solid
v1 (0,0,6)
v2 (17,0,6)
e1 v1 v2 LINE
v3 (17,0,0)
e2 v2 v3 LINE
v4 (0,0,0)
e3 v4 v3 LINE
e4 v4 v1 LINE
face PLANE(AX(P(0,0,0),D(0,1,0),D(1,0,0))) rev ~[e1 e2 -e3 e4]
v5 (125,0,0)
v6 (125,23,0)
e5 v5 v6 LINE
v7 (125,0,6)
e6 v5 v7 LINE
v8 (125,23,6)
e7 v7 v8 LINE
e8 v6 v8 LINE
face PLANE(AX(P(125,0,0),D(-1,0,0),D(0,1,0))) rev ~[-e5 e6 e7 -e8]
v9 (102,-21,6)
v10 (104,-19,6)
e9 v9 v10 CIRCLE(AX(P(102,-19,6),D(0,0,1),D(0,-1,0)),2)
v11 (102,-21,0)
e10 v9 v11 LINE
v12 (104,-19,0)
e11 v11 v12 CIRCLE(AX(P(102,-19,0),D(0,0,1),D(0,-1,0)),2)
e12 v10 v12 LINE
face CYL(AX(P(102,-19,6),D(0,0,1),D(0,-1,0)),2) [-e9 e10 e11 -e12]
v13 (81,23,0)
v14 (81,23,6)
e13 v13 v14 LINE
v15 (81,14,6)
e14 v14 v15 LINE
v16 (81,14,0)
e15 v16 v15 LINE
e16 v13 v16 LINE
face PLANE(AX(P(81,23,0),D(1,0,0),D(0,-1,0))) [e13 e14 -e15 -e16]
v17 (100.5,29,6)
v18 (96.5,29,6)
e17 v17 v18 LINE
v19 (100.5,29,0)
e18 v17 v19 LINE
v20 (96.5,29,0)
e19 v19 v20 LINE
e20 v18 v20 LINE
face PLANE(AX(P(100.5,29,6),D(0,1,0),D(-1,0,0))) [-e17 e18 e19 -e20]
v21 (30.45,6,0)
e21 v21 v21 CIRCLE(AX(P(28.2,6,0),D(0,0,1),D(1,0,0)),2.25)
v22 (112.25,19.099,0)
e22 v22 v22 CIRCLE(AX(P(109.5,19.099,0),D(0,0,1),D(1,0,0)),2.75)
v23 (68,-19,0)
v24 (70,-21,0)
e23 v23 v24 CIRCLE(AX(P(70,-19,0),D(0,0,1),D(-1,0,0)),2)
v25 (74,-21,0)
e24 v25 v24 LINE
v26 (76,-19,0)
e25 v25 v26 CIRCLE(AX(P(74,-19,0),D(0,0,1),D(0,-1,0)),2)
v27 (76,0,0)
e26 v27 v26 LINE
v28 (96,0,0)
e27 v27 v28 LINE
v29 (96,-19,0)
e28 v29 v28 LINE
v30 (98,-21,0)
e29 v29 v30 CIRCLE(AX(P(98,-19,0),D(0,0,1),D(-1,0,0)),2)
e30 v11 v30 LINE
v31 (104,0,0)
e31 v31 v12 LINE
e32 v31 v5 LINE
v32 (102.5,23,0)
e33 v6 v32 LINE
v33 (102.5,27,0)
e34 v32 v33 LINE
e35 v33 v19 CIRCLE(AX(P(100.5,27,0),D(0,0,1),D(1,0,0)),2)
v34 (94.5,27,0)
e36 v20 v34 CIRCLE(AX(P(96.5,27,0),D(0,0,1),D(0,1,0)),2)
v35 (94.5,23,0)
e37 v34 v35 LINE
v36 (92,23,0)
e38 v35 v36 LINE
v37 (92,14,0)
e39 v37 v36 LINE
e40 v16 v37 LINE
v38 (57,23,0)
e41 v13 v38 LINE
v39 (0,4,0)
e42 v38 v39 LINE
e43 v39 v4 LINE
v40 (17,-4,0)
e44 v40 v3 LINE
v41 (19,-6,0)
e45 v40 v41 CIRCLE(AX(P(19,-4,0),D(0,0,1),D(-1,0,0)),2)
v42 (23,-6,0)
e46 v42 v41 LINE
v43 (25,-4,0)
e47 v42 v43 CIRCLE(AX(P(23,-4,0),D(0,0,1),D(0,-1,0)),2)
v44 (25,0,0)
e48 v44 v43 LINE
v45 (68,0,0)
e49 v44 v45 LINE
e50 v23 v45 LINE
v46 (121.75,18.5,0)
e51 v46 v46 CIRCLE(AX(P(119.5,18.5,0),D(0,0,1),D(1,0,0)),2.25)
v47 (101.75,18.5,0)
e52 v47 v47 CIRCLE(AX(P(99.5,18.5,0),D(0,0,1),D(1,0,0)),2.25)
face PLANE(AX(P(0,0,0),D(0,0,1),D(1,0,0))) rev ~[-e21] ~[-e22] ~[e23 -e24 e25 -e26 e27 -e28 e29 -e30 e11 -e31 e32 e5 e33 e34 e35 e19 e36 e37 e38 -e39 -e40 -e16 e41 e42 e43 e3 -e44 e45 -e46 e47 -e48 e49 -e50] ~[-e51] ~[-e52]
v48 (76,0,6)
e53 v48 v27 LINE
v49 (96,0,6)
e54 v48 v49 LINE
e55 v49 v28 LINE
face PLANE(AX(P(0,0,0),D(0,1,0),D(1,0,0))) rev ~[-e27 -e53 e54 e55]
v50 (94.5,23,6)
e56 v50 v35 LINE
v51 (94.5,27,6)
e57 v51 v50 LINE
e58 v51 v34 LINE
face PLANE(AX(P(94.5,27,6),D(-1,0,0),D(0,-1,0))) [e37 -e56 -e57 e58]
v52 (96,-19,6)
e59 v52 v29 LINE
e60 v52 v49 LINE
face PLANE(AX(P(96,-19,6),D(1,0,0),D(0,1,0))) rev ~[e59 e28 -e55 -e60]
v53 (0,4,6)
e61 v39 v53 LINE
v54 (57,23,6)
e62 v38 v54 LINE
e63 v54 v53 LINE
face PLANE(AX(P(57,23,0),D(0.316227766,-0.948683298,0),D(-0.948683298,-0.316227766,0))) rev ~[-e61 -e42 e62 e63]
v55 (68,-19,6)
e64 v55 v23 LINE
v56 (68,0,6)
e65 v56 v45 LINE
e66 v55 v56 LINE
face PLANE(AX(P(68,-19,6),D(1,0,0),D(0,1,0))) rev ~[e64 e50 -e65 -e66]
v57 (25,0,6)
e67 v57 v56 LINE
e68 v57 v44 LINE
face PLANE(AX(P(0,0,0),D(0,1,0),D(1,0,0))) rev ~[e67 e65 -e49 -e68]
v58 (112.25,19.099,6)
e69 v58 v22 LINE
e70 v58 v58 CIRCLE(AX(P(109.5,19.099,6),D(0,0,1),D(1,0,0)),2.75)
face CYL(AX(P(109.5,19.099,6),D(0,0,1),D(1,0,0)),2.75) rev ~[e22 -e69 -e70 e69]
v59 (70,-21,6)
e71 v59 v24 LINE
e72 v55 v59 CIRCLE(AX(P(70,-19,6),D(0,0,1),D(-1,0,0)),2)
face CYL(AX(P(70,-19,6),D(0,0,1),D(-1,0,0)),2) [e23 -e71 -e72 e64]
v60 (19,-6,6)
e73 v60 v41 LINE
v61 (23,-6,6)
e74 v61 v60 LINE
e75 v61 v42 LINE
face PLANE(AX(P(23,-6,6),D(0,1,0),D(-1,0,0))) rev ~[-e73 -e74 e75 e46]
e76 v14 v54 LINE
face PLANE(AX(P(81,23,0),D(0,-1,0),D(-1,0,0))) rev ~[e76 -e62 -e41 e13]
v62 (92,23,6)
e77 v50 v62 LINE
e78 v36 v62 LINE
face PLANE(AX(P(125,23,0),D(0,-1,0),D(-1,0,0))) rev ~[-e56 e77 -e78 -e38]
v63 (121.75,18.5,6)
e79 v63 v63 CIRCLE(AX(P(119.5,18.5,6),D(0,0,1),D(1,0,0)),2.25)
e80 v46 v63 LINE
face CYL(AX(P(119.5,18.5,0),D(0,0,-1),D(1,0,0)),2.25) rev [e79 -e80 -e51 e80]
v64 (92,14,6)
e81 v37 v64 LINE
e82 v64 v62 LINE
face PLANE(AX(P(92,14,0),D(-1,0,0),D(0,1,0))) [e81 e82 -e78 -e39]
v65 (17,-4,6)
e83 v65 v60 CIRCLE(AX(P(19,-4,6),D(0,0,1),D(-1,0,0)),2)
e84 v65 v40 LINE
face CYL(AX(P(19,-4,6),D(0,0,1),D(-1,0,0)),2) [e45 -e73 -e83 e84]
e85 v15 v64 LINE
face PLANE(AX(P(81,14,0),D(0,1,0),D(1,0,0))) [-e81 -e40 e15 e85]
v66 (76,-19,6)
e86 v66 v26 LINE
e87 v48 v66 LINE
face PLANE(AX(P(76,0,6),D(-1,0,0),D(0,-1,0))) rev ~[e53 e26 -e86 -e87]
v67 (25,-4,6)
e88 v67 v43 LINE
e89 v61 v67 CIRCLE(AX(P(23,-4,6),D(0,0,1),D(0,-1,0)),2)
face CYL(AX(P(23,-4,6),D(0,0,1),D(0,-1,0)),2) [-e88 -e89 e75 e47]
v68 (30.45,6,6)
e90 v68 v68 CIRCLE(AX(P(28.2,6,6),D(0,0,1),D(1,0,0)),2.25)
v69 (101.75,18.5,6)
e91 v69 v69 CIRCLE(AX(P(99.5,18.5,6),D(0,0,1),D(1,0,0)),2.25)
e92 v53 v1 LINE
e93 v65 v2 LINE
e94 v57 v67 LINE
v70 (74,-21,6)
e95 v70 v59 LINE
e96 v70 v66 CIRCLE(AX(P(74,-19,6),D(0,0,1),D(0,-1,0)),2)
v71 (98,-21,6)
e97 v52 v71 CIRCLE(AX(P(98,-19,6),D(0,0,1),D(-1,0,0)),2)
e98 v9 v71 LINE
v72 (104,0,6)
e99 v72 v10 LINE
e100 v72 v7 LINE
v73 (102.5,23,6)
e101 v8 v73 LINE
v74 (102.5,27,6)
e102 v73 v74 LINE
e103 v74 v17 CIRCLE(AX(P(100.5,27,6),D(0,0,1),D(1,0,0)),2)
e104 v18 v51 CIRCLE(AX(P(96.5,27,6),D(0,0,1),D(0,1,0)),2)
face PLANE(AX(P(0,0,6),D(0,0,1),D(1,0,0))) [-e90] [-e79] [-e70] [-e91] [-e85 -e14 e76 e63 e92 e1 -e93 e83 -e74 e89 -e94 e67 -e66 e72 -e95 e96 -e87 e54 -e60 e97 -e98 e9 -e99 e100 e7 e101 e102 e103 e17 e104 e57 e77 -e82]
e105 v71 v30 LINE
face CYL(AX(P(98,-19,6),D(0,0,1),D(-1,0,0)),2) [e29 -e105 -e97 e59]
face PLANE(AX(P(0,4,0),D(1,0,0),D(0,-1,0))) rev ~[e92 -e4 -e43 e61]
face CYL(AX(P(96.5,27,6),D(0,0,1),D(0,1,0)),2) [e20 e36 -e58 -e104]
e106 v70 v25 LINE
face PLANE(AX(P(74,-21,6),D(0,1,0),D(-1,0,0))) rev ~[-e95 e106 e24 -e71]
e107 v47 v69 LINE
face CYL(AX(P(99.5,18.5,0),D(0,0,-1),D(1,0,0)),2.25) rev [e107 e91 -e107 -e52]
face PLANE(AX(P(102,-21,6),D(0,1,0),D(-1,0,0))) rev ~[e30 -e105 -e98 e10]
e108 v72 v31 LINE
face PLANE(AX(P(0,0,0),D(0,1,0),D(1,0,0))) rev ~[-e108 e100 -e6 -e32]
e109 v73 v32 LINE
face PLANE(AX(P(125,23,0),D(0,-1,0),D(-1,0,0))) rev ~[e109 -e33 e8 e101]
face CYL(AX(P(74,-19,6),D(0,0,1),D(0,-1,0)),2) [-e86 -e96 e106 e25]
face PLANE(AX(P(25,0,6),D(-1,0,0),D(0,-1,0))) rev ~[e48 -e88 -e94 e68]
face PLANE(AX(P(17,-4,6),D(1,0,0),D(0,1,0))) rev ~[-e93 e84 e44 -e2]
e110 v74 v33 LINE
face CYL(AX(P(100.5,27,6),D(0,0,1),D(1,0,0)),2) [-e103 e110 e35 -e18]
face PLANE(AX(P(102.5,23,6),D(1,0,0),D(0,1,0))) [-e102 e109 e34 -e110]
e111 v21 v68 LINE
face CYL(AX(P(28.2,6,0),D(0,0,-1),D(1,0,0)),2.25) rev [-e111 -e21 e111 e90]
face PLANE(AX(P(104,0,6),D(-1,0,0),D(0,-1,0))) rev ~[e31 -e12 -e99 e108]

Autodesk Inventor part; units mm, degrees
ref_plane "YZ Plane" through (0, 0, 0) normal (1, 0, 0) x (0, 1, 0)
ref_plane "XZ Plane" through (0, 0, 0) normal (0, 1, 0) x (-1, 0, 0)
ref_plane "XY Plane" through (0, 0, 0) normal (0, 0, 1) x (1, 0, 0)
sketch "Sketch1" plane through (0, 0, 0) normal (0, 0, 1) x (1, 0, 0)
  line L0 (0, 4) -> (0, 0)
  line L1 (0, 0) -> (125, 0)
  line L2 (125, 0) -> (125, 23)
  line L3 (57, 23) -> (0, 4)
  line L4 (81, 23) -> (81, 14)
  line L5 (81, 14) -> (92, 14)
  line L6 (92, 14) -> (92, 23)
  line L7 (125, 23) -> (92, 23)
  line L8 (81, 23) -> (57, 23)
  circle A0 centre (99.5, 18.5) radius 2.25
  circle A1 centre (119.5, 18.5) radius 2.25
  circle A2 centre (28.2, 6) radius 2.25
  circle A3 centre (28.2, 6) radius 4.5 construction
  point P0 (92, 18.5)
  dimension "d0" = 4
  dimension "d1" = 125
  dimension "d2" = 9
  dimension "d3" = 11
  dimension "d4" = 33
  dimension "d5" = 24
  dimension "d6" = 23
  dimension "d7" = 4.5
  dimension "d8" = 4.5
  dimension "d9" = 5.5
  dimension "d10" = 20
  dimension "d11" = 4.5
  dimension "d12" = 9
  dimension "d13" = 6
  dimension "d14" = 28.2
extrude "Extrusion1" add sketch "Sketch1" along normal blind 6
sketch "Sketch2" plane through (0, 0, 6) normal (0, 0, 1) x (1, 0, 0)
  line L0 (0, 0) -> (125, 0) projected
  line L1 (125, 0) -> (125, 23) projected
  line L2 (125, 23) -> (92, 23) projected
  line L3 (17, 0) -> (25, 0)
  line L4 (25, 0) -> (25, -4)
  line L5 (23, -6) -> (19, -6)
  line L6 (17, -4) -> (17, 0)
  line L7 (96, 0) -> (104, 0)
  line L8 (104, 0) -> (104, -19)
  line L9 (102, -21) -> (98, -21)
  line L10 (96, -19) -> (96, 0)
  line L11 (68, 0) -> (76, 0)
  line L12 (76, 0) -> (76, -19)
  line L13 (74, -21) -> (70, -21)
  line L14 (68, -19) -> (68, 0)
  line L15 (94.5, 23) -> (102.5, 23)
  line L16 (102.5, 23) -> (102.5, 27)
  line L17 (100.5, 29) -> (96.5, 29)
  line L18 (94.5, 27) -> (94.5, 23)
  arc A0 (17, -4) -> (19, -6) centre (19, -4) ccw
  arc A1 (23, -6) -> (25, -4) centre (23, -4) ccw
  arc A2 (96, -19) -> (98, -21) centre (98, -19) ccw
  arc A3 (102, -21) -> (104, -19) centre (102, -19) ccw
  arc A4 (68, -19) -> (70, -21) centre (70, -19) ccw
  arc A5 (74, -21) -> (76, -19) centre (74, -19) ccw
  arc A6 (96.5, 29) -> (94.5, 27) centre (96.5, 27) ccw
  arc A7 (102.5, 27) -> (100.5, 29) centre (100.5, 27) ccw
  dimension "d17" = 2
  dimension "d18" = 17
  dimension "d20" = 8
  dimension "d21" = 8
  dimension "d22" = 8
  dimension "d24" = 6
  dimension "d25" = 43
  dimension "d26" = 20
  dimension "d29" = 8
  dimension "d32" = 22.5
  dimension "d40" = 6
  dimension "d41" = 2
  dimension "d42" = 2
  dimension "d45" = 21
sketch "Sketch3" plane through (0, 0, 6) normal (0, 0, 1) x (1, 0, 0)
  circle A0 centre (119.5, 18.5) radius 2.25 projected
  circle A1 centre (109.5, 19.099) radius 2.75
  circle A2 centre (86.5, 19.099) radius 7.5 construction
  dimension "d35" = 5.5
  dimension "d36" = 15
  dimension "d37" = 10
extrude "Extrusion3" cut sketch "Sketch3" against normal blind 6 contours A1
extrude "Extrusion4" add sketch "Sketch2" against normal blind 6
properties part number "x_motor_upper_nut_stop"
